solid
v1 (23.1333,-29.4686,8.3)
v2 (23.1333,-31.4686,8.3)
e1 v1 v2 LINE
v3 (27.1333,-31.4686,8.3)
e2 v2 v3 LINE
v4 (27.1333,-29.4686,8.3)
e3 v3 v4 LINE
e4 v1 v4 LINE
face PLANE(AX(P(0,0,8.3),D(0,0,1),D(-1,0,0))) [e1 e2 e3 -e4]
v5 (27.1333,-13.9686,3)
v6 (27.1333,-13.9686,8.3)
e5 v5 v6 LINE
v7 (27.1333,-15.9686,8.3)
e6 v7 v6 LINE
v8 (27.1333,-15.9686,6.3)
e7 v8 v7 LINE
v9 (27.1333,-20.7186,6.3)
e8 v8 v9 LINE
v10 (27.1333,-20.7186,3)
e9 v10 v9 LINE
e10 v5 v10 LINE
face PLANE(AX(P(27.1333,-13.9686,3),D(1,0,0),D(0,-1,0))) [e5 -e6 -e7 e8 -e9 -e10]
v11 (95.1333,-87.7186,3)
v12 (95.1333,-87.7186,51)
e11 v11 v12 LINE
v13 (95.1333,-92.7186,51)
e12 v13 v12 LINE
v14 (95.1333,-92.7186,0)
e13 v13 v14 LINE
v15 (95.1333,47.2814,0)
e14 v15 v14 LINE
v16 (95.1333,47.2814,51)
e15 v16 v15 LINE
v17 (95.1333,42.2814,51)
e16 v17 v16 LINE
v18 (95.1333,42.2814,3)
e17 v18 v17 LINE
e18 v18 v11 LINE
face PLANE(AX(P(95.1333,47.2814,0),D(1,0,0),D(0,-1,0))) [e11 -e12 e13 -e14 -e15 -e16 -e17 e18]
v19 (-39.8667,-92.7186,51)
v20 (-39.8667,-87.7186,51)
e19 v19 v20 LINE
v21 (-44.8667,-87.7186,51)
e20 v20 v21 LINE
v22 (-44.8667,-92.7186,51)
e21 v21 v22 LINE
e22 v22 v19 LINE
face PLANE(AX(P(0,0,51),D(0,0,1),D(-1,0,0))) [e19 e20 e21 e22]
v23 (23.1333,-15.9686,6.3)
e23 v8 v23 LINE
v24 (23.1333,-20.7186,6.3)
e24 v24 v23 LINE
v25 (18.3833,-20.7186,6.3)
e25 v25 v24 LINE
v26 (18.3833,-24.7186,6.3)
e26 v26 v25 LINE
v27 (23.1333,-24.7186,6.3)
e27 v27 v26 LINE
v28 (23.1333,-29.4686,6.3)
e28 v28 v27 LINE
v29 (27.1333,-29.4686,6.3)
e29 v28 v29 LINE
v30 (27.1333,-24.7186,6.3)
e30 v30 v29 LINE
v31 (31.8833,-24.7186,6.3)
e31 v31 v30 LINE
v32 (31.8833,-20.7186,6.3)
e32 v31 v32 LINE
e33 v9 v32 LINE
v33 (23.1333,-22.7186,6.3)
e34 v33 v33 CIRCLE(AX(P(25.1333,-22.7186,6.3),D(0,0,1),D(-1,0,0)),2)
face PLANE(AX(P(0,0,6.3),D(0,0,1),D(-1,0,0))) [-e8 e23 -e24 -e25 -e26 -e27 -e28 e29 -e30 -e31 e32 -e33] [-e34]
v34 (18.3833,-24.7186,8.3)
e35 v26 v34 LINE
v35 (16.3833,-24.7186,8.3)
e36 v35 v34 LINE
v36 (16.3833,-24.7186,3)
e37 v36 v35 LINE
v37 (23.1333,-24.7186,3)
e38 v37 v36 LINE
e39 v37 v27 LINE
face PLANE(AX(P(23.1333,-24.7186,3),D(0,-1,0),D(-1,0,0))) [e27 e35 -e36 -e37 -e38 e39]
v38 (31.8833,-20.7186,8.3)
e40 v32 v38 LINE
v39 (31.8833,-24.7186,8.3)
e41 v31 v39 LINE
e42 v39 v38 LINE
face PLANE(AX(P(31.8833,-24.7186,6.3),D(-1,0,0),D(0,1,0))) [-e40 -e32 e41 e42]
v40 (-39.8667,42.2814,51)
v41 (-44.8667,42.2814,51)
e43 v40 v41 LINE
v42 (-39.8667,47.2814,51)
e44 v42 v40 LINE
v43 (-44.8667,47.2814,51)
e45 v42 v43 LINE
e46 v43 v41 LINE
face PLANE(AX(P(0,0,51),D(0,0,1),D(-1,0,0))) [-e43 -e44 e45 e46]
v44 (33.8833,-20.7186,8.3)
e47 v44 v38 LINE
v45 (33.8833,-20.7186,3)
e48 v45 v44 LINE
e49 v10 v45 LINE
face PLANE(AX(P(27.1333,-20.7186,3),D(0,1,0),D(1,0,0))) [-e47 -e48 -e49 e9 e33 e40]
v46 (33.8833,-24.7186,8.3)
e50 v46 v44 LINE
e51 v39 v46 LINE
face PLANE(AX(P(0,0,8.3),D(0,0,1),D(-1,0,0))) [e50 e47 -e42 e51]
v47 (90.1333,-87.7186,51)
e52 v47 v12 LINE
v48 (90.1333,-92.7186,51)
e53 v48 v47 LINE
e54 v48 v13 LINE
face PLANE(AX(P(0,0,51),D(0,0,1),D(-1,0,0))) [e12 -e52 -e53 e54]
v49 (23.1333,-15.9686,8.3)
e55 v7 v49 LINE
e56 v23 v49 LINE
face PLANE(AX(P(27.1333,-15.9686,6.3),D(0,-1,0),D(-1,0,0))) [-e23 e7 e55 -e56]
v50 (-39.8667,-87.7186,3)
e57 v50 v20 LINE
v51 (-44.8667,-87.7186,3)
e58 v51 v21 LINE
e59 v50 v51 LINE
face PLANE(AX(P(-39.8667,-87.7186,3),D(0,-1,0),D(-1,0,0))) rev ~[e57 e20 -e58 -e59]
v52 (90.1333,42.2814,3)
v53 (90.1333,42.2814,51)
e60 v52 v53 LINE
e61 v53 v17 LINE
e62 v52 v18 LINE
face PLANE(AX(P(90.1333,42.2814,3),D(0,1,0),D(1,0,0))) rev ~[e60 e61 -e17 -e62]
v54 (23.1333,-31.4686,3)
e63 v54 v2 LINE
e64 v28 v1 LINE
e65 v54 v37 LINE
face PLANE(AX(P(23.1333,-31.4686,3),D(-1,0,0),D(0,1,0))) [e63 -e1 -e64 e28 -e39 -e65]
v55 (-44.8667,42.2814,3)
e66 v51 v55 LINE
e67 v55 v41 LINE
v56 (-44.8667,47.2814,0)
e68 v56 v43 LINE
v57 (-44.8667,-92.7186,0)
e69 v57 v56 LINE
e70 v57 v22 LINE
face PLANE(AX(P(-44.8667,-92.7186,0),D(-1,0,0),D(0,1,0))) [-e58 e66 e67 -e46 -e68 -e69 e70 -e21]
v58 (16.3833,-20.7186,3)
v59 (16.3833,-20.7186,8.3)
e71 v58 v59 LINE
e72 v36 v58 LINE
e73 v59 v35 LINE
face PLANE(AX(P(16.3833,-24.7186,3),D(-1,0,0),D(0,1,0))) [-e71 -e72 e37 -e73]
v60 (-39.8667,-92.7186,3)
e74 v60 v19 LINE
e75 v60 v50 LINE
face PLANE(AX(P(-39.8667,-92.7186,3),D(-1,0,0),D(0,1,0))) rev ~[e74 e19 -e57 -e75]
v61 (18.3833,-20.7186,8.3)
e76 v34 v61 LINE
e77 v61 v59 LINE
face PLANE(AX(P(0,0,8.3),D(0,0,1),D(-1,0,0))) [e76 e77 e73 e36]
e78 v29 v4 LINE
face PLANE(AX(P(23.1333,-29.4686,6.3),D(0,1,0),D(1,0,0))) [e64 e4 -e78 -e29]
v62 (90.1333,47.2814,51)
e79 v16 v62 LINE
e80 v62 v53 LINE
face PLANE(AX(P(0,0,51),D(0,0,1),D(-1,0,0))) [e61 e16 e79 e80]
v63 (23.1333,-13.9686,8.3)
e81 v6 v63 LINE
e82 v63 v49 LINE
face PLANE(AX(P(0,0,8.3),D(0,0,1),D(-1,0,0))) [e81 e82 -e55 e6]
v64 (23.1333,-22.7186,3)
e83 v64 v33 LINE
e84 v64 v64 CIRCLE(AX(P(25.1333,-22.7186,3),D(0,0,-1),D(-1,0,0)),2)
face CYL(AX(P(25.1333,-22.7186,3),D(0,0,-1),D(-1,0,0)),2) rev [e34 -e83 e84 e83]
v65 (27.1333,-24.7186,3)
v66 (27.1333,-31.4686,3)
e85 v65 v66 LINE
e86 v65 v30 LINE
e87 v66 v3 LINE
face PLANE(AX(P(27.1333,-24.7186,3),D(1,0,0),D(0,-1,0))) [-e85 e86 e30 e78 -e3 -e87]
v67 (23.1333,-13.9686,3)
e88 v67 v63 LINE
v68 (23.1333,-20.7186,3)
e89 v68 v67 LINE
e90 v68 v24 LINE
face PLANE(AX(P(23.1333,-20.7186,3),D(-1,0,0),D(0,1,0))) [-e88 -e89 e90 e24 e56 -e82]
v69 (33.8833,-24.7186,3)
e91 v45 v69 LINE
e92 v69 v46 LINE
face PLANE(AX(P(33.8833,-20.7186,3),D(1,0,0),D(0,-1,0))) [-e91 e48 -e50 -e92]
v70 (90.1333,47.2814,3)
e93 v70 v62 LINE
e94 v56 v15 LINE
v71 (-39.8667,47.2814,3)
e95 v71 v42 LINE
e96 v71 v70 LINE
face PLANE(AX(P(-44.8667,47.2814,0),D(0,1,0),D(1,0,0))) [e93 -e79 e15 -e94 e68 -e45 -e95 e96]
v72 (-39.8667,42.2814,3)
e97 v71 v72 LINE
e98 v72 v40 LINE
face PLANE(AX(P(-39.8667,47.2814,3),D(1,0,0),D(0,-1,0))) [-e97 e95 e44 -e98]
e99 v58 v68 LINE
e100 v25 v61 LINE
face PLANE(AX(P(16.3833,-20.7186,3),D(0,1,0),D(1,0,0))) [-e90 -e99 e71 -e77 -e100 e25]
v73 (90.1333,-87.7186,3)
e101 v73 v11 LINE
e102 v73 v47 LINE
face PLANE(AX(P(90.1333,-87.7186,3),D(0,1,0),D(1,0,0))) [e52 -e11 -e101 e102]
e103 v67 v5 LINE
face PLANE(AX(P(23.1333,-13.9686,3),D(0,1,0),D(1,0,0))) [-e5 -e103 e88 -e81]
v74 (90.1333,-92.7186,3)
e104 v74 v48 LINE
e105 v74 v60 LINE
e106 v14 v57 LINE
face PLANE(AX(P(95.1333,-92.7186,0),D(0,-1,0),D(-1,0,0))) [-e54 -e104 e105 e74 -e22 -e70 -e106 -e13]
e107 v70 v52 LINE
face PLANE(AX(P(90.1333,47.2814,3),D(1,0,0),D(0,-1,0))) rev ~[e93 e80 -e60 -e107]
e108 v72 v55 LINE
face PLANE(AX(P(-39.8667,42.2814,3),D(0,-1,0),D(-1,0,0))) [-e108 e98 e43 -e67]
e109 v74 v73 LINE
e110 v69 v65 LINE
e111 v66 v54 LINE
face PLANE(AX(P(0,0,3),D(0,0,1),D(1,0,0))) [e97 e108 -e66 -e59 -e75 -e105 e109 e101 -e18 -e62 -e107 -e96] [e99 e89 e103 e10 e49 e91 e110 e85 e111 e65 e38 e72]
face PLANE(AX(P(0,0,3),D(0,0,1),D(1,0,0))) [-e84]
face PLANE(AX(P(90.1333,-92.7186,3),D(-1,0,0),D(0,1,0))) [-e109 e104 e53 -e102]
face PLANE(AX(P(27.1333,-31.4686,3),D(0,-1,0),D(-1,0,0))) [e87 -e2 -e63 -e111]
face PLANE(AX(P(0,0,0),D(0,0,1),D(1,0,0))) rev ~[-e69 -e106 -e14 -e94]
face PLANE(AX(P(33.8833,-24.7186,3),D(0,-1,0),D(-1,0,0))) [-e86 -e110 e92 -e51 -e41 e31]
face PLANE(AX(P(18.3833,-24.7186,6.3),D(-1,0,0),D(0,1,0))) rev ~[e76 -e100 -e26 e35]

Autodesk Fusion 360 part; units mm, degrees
sketch "Sketch1" plane through (0, 0, 0) normal (0, 0, 1) x (1, 0, 0)
  line L0 (-44.8667, 47.2814) -> (95.1333, 47.2814)
  line L1 (95.1333, 47.2814) -> (95.1333, -92.7186)
  line L2 (95.1333, -92.7186) -> (-44.8667, -92.7186)
  line L3 (-44.8667, -92.7186) -> (-44.8667, 47.2814)
  dimension "d1" = 140
  dimension "d2" = 140
extrude "Extrude1" add sketch "Sketch1" along normal blind 3
sketch "Sketch2" plane through (0, 0, 3) normal (0, 0, 1) x (-1, 0, 0)
  line L0 (44.8667, 92.7186) -> (-95.1333, 92.7186)
  line L1 (-95.1333, 92.7186) -> (-95.1333, -47.2814)
  line L2 (-95.1333, -47.2814) -> (44.8667, -47.2814)
  line L3 (44.8667, -47.2814) -> (44.8667, 92.7186)
  line L4 (44.8667, -47.2814) -> (39.8667, -47.2814)
  line L5 (39.8667, -47.2814) -> (39.8667, -42.2814)
  line L6 (39.8667, -42.2814) -> (44.8667, -42.2814)
  line L7 (44.8667, -42.2814) -> (44.8667, -47.2814)
  line L8 (44.8667, 92.7186) -> (39.8667, 92.7186)
  line L9 (39.8667, 92.7186) -> (39.8667, 87.7186)
  line L10 (39.8667, 87.7186) -> (44.8667, 87.7186)
  line L11 (44.8667, 87.7186) -> (44.8667, 92.7186)
  line L12 (-95.1333, 92.7186) -> (-90.1333, 92.7186)
  line L13 (-90.1333, 92.7186) -> (-90.1333, 87.7186)
  line L14 (-90.1333, 87.7186) -> (-95.1333, 87.7186)
  line L15 (-95.1333, 87.7186) -> (-95.1333, 92.7186)
  line L16 (-95.1333, -47.2814) -> (-90.1333, -47.2814)
  line L17 (-90.1333, -47.2814) -> (-90.1333, -42.2814)
  line L18 (-90.1333, -42.2814) -> (-95.1333, -42.2814)
  line L19 (-95.1333, -42.2814) -> (-95.1333, -47.2814)
  dimension "d5" = 5
  dimension "d6" = 5
  dimension "d7" = 5
  dimension "d8" = 5
  dimension "d9" = 5
  dimension "d10" = 5
  dimension "d11" = 5
  dimension "d12" = 5
extrude "Extrude2" add sketch "Sketch2" along normal blind 48 contours L0 L3 L8 L9 L10 L11 | L0 L1 L12 L13 L14 L15 | L2 L3 L4 L5 L6 L7 | L1 L2 L16 L17 L18 L19
sketch "Sketch3" plane through (0, 0, 3) normal (0, 0, 1) x (-1, 0, 0)
  line L0 (-90.1333, 92.7186) -> (-90.1333, 87.7186)
  line L1 (-90.1333, 87.7186) -> (-95.1333, 87.7186)
  line L2 (-95.1333, 87.7186) -> (-95.1333, -42.2814)
  line L3 (-95.1333, -42.2814) -> (-90.1333, -42.2814)
  line L4 (-90.1333, -42.2814) -> (-90.1333, -47.2814)
  line L5 (-90.1333, -47.2814) -> (39.8667, -47.2814)
  line L6 (39.8667, -47.2814) -> (39.8667, -42.2814)
  line L7 (39.8667, -42.2814) -> (44.8667, -42.2814)
  line L8 (44.8667, -42.2814) -> (44.8667, 87.7186)
  line L9 (44.8667, 87.7186) -> (39.8667, 87.7186)
  line L10 (39.8667, 87.7186) -> (39.8667, 92.7186)
  line L11 (39.8667, 92.7186) -> (-90.1333, 92.7186)
  circle A0 centre (-25.1333, 22.7186) radius 2
  line L12 (-27.1333, 31.4686) -> (-23.1333, 31.4686)
  line L13 (-23.1333, 31.4686) -> (-23.1333, 13.9686)
  line L14 (-23.1333, 13.9686) -> (-27.1333, 13.9686)
  line L15 (-27.1333, 13.9686) -> (-27.1333, 31.4686)
  line L16 (-33.8833, 24.7186) -> (-16.3833, 24.7186)
  line L17 (-16.3833, 24.7186) -> (-16.3833, 20.7186)
  line L18 (-16.3833, 20.7186) -> (-33.8833, 20.7186)
  line L19 (-33.8833, 20.7186) -> (-33.8833, 24.7186)
  dimension "d15" = 4
  dimension "d16" = 70
  dimension "d17" = 70
  dimension "d18" = 4
  dimension "d19" = 17.5
  dimension "d20" = 8.75
  dimension "d21" = 2
  dimension "d22" = 17.5
  dimension "d23" = 4
  dimension "d24" = 2
  dimension "d25" = 8.75
extrude "Extrude3" add sketch "Sketch3" along normal blind 3.3 contours A0 L13 L18 | A0 L13 L16 | L13 L16 L17 L18 | A0 L15 L16 | L12 L13 L15 L16 | A0 L15 L18 | L13 L14 L15 L18 | L15 L16 L18 L19
sketch "Sketch4" plane through (0, 0, 6.3) normal (0, 0, 1) x (-1, 0, 0)
  circle A0 centre (-25.1333, 22.7186) radius 2
  line L0 (-33.8833, 20.7186) -> (-27.1333, 20.7186)
  line L1 (-27.1333, 20.7186) -> (-27.1333, 13.9686)
  line L2 (-27.1333, 13.9686) -> (-23.1333, 13.9686)
  line L3 (-23.1333, 13.9686) -> (-23.1333, 20.7186)
  line L4 (-23.1333, 20.7186) -> (-16.3833, 20.7186)
  line L5 (-16.3833, 20.7186) -> (-16.3833, 24.7186)
  line L6 (-16.3833, 24.7186) -> (-23.1333, 24.7186)
  line L7 (-23.1333, 24.7186) -> (-23.1333, 31.4686)
  line L8 (-23.1333, 31.4686) -> (-27.1333, 31.4686)
  line L9 (-27.1333, 31.4686) -> (-27.1333, 24.7186)
  line L10 (-27.1333, 24.7186) -> (-33.8833, 24.7186)
  line L11 (-33.8833, 24.7186) -> (-33.8833, 20.7186)
  line L12 (-27.1333, 31.4686) -> (-23.1333, 31.4686)
  line L13 (-23.1333, 31.4686) -> (-23.1333, 29.4686)
  line L14 (-23.1333, 29.4686) -> (-27.1333, 29.4686)
  line L15 (-27.1333, 29.4686) -> (-27.1333, 31.4686)
  line L16 (-16.3833, 24.7186) -> (-18.3833, 24.7186)
  line L17 (-18.3833, 24.7186) -> (-18.3833, 20.7186)
  line L18 (-18.3833, 20.7186) -> (-16.3833, 20.7186)
  line L19 (-16.3833, 20.7186) -> (-16.3833, 24.7186)
  line L20 (-23.1333, 13.9686) -> (-27.1333, 13.9686)
  line L21 (-27.1333, 13.9686) -> (-27.1333, 15.9686)
  line L22 (-27.1333, 15.9686) -> (-23.1333, 15.9686)
  line L23 (-23.1333, 15.9686) -> (-23.1333, 13.9686)
  line L24 (-33.8833, 24.7186) -> (-31.8833, 24.7186)
  line L25 (-31.8833, 24.7186) -> (-31.8833, 20.7186)
  line L26 (-31.8833, 20.7186) -> (-33.8833, 20.7186)
  line L27 (-33.8833, 20.7186) -> (-33.8833, 24.7186)
  dimension "d28" = 2
  dimension "d29" = 2
  dimension "d30" = 4
  dimension "d31" = 4
  dimension "d32" = 2
  dimension "d33" = 2
  dimension "d34" = 4
  dimension "d40" = 4
extrude "Extrude4" add sketch "Sketch4" along normal blind 2 contours L0 L10 L11 L24 L25 L26 L27 | L1 L2 L3 L20 L21 L22 L23 | L7 L8 L9 L12 L13 L14 L15 | L4 L5 L6 L16 L17 L18 L19
sketch "Sketch5" plane through (0, 0, 6.3) normal (0, 0, 1) x (-1, 0, 0)
  line L0 (-18.3833, 20.7186) -> (-18.3833, 24.7186)
  line L1 (-18.3833, 24.7186) -> (-23.1333, 24.7186)
  line L2 (-23.1333, 24.7186) -> (-23.1333, 29.4686)
  line L3 (-27.1333, 29.4686) -> (-27.1333, 24.7186)
  line L4 (-27.1333, 24.7186) -> (-31.8833, 24.7186)
  line L5 (-31.8833, 24.7186) -> (-31.8833, 20.7186)
  line L6 (-31.8833, 20.7186) -> (-27.1333, 20.7186)
  line L7 (-27.1333, 20.7186) -> (-27.1333, 15.9686)
  line L8 (-27.1333, 15.9686) -> (-23.1333, 15.9686)
  line L9 (-23.1333, 15.9686) -> (-23.1333, 20.7186)
  line L10 (-23.1333, 20.7186) -> (-18.3833, 20.7186)
  circle A0 centre (-25.1333, 22.7186) radius 2
  circle A1 centre (-25.1333, 22.7186) radius 16
  line L11 (-23.1333, 29.4686) -> (-27.1333, 29.4686)
  dimension "d37" = 32
